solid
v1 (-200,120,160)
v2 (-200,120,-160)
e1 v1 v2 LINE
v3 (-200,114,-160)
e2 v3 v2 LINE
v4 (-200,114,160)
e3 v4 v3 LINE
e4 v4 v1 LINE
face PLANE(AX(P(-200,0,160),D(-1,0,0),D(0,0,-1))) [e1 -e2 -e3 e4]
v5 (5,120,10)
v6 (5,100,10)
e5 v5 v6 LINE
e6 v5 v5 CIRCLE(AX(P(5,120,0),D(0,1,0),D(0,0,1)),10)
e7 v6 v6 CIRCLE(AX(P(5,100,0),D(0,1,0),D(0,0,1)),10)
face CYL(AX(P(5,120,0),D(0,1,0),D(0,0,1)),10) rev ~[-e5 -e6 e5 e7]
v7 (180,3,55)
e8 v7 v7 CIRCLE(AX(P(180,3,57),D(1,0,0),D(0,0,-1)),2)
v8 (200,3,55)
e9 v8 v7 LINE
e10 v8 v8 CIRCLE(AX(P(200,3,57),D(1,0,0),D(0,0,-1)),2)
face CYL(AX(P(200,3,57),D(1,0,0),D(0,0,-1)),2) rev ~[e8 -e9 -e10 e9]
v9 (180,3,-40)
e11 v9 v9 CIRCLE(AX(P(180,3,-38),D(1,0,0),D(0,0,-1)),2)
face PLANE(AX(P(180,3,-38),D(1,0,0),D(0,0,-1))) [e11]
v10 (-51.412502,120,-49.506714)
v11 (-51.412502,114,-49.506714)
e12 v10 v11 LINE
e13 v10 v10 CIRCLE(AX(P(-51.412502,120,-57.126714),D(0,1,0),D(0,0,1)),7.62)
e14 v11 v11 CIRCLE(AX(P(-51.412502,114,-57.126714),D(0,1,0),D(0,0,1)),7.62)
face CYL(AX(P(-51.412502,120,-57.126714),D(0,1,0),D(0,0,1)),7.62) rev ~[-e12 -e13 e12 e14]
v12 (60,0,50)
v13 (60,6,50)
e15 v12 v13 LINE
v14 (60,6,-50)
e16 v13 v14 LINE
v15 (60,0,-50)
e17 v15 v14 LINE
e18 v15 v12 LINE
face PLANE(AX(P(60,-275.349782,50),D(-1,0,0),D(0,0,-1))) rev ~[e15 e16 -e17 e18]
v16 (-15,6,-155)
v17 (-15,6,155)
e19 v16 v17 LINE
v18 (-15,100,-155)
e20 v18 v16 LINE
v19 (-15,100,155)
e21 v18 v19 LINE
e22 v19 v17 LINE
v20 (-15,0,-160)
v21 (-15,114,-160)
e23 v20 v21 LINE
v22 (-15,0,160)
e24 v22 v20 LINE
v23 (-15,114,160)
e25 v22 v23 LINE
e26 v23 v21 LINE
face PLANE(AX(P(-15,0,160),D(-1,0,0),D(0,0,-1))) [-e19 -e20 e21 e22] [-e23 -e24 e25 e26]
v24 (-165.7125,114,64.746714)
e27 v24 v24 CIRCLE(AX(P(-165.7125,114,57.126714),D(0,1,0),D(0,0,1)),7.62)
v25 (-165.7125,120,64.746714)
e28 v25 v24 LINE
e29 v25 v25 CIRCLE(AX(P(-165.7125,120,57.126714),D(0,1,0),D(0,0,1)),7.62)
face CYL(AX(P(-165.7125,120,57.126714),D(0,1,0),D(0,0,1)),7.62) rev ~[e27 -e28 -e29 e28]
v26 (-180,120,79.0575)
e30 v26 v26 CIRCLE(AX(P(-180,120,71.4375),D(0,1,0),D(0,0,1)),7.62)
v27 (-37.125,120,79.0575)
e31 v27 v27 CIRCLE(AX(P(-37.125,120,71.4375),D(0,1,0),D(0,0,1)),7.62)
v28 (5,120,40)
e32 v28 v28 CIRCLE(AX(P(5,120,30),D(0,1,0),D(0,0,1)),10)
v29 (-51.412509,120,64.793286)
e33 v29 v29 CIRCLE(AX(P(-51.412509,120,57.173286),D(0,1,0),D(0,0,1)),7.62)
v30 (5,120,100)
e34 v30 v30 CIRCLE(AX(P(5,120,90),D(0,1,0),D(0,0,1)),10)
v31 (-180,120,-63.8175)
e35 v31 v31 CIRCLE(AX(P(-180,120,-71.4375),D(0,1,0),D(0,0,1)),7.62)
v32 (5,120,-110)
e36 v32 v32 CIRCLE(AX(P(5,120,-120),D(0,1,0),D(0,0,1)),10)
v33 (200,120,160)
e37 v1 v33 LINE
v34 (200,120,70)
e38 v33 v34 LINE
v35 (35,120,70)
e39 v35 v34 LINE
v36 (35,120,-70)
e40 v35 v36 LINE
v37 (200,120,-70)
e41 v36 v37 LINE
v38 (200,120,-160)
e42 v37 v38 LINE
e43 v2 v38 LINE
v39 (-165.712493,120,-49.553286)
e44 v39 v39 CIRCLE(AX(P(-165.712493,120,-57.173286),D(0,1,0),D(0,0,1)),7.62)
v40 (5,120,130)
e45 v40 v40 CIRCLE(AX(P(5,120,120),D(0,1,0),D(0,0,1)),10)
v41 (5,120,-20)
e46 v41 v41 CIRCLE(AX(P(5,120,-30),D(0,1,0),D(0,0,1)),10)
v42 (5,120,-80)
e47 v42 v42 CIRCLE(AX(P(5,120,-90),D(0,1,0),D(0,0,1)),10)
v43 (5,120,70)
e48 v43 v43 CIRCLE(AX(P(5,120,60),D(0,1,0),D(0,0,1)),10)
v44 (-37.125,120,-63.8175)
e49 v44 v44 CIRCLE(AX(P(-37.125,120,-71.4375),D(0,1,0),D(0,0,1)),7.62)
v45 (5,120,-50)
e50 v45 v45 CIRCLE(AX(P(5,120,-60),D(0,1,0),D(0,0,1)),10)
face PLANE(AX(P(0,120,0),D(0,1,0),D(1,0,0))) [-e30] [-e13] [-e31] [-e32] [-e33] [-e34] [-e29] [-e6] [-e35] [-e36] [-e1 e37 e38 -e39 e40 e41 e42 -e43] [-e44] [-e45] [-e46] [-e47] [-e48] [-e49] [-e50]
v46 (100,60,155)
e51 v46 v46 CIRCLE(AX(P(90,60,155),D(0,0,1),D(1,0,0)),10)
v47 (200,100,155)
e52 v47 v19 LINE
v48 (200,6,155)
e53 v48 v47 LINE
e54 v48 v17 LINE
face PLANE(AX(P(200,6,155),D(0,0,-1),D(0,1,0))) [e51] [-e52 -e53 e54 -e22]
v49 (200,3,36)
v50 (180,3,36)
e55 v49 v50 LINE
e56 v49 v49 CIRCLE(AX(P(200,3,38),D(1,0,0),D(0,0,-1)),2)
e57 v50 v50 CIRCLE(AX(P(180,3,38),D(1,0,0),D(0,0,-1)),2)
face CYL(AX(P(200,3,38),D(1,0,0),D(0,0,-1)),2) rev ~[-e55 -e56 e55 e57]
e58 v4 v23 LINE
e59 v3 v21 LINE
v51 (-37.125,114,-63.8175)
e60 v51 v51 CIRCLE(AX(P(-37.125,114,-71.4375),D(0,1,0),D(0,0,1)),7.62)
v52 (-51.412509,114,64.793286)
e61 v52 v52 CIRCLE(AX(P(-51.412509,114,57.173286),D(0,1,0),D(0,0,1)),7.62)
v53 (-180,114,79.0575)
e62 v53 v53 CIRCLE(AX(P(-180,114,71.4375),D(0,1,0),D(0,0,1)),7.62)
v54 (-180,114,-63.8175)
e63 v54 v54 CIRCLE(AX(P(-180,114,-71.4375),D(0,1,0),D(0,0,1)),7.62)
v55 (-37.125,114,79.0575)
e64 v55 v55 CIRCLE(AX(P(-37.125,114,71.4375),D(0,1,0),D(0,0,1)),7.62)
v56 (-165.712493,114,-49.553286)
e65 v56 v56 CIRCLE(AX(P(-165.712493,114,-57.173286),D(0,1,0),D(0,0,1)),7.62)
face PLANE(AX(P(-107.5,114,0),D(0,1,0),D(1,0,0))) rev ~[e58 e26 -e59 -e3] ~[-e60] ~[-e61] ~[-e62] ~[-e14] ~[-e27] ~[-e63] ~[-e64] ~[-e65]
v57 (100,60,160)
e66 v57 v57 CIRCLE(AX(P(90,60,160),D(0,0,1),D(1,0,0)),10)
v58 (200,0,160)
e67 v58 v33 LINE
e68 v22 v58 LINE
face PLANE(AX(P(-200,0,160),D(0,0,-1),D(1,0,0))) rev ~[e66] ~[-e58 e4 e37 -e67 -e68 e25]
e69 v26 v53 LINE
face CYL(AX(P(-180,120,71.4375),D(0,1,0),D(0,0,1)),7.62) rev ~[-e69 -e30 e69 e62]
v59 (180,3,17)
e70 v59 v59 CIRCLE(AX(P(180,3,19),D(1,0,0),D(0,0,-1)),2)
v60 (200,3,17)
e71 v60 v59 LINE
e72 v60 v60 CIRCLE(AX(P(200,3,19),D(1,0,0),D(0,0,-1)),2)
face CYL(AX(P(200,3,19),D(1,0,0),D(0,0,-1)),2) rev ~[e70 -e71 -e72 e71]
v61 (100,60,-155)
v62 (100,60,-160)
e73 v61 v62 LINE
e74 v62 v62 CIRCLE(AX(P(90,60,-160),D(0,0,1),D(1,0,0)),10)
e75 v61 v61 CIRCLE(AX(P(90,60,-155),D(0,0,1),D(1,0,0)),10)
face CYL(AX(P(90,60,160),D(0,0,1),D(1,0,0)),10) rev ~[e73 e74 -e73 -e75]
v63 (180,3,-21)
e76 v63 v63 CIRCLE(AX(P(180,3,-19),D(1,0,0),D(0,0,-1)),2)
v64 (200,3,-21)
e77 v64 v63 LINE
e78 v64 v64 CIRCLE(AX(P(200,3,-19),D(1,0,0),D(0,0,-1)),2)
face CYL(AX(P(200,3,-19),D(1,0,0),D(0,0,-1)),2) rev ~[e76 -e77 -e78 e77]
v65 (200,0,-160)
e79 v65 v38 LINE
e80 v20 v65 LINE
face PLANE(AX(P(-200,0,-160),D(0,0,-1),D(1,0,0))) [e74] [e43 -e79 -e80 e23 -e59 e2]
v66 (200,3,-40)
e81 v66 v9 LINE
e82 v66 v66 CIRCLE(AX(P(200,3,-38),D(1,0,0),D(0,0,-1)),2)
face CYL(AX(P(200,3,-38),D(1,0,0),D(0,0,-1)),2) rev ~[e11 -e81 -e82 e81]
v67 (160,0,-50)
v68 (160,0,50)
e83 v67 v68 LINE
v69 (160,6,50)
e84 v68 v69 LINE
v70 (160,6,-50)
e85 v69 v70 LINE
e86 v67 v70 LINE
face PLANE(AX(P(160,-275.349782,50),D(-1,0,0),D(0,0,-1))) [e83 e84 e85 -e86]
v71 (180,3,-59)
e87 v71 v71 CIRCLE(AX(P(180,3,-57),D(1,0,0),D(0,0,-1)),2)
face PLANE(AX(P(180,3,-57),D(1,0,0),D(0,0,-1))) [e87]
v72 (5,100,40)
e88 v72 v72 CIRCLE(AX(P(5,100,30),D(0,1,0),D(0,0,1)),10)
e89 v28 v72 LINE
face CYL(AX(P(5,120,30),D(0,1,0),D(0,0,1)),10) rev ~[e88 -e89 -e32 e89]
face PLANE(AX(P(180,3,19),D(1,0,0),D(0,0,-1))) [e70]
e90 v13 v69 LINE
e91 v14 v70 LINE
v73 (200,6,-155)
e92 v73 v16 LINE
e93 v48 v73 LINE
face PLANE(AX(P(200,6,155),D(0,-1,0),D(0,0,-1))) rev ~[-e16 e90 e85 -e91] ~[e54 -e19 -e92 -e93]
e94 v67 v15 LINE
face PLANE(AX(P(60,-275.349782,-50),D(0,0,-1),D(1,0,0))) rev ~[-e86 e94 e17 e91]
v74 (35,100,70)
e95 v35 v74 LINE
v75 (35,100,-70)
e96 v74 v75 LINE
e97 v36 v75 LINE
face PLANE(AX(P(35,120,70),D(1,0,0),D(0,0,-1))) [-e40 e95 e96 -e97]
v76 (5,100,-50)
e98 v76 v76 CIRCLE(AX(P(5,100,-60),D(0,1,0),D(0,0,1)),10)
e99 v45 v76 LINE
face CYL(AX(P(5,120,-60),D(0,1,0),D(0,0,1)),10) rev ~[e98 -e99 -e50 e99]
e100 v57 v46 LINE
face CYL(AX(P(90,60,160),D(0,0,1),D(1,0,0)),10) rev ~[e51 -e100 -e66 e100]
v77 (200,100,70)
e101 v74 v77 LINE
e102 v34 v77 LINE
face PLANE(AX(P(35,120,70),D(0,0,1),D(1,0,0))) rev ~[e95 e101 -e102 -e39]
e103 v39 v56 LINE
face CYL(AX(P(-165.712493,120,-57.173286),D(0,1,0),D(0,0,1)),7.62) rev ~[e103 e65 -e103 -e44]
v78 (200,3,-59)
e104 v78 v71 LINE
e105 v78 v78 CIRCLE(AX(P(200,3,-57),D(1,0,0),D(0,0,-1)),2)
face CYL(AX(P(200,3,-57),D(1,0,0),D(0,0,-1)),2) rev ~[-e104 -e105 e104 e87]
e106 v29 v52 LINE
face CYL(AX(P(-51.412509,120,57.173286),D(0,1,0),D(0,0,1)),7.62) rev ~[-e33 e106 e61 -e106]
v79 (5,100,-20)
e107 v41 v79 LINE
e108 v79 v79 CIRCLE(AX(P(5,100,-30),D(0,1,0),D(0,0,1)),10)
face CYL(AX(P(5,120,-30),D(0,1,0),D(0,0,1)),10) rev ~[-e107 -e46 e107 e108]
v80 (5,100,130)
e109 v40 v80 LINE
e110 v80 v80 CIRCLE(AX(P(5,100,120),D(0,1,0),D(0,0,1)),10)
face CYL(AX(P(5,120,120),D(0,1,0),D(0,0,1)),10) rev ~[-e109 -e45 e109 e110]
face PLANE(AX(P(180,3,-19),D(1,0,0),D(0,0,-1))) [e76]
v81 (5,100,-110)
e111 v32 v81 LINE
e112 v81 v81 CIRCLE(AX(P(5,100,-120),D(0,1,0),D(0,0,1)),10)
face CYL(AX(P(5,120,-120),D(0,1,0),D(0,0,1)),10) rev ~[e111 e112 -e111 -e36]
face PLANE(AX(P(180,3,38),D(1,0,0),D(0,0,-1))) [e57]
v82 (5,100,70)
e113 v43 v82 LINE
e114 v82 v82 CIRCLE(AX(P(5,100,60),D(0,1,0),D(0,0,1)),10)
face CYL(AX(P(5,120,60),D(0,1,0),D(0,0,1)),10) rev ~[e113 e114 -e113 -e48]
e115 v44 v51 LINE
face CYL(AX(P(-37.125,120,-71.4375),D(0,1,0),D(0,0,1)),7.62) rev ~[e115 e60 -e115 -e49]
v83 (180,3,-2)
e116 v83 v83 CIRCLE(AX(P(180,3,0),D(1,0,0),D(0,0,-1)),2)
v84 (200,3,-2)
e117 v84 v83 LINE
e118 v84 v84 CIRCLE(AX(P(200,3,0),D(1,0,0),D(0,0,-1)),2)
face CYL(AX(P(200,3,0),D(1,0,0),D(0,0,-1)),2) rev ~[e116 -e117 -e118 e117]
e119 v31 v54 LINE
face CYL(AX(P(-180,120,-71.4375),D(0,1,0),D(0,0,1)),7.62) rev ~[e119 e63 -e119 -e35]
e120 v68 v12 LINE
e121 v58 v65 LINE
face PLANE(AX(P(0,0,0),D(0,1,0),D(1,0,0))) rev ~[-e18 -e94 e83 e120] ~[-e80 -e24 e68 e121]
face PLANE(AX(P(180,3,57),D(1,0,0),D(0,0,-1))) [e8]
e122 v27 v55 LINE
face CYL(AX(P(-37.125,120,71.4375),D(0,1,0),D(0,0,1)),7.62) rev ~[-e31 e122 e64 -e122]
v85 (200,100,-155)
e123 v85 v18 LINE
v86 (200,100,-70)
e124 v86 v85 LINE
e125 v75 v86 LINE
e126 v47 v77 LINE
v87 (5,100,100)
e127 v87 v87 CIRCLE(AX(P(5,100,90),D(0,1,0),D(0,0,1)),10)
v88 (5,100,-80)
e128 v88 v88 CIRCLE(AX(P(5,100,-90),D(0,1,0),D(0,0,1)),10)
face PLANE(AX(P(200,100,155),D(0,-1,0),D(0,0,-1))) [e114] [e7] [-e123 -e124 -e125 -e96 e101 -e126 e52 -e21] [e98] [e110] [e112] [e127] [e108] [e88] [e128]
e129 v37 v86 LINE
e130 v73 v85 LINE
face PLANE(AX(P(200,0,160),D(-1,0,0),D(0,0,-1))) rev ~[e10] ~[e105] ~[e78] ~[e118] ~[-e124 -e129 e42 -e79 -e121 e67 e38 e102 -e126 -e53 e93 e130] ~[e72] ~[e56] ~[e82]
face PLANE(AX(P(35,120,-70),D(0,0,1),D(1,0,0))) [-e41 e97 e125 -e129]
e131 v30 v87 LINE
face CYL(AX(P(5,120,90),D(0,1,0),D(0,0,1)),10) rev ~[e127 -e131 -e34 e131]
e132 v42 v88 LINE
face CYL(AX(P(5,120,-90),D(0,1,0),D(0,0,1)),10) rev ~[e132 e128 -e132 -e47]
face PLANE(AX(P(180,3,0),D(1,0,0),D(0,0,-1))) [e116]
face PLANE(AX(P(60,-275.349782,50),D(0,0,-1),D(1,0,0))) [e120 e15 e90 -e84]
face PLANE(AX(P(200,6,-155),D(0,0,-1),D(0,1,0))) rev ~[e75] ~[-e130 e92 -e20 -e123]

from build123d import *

# Parameters (mm, degrees)
SKETCH_1_W                = 400
SKETCH_1_H                = 320
EXTRUDE_7_DEPTH           = 120
SKETCH_6_R                = 7.620000001
SKETCH_6_R_2              = 7.62
CUT_EXTRUDE_3_DEPTH       = 283.842712475
CUT_EXTRUDE_START         = -120
SKETCH_7_W                = 185
SKETCH_7_H                = 320
CUT_EXTRUDE_4_DEPTH       = 114
SKETCH_8_W                = 310
SKETCH_8_H                = 94
CUT_EXTRUDE_5_DEPTH       = 448.2135955
SKETCH_10_R               = 10
CUT_EXTRUDE_7_DEPTH       = 396.979797464
CUT_EXTRUDE_8_REACH       = 284.843
SKETCH_12_R               = 10
SKETCH_13_R               = 2
CUT_EXTRUDE_9_DEPTH       = 20
CUT_EXTRUDE_12_DEPTH      = 281.349781523
CUT_EXTRUDE_12_DEPTH_BACK = 281.349781523
SKETCH_14_W               = 100
SKETCH_14_H               = 100
CUT_EXTRUDE_13_REACH      = 284.843
SKETCH_15_W               = 165
SKETCH_15_H               = 140


with BuildPart() as part:
    # 草图1 → 凸台-拉伸7 (new body)
    with BuildSketch(Plane(origin=(0, 0, 0), x_dir=(1, 0, 0), z_dir=(0, 1, 0))):
        Rectangle(SKETCH_1_W, SKETCH_1_H)
    extrude(amount=EXTRUDE_7_DEPTH)

    # 草图6 → 切除-拉伸3 (cut, through all)
    with BuildSketch(Plane(origin=(0, 120, 0), x_dir=(1, 0, 0), z_dir=(0, 1, 0))):
        with Locations(Location((-180, -71.4375, 0), (0, 0, 270))):
            Circle(SKETCH_6_R)
        with Locations(Location((-165.712492884, 57.173286175, 0), (0, 0, 270))):
            Circle(SKETCH_6_R_2)
        with Locations(Location((-165.7125, -57.126713825, 0), (0, 0, 270))):
            Circle(SKETCH_6_R_2)
        with Locations(Location((-180, 71.4375, 0), (0, 0, 270))):
            Circle(SKETCH_6_R_2)
        with Locations(Location((-37.125, 71.4375, 0), (0, 0, 270))):
            Circle(SKETCH_6_R_2)
        with Locations(Location((-51.412502372, 57.126713825, 0), (0, 0, 270))):
            Circle(SKETCH_6_R_2)
        with Locations(Location((-51.412509488, -57.173286175, 0), (0, 0, 270))):
            Circle(SKETCH_6_R_2)
        with Locations(Location((-37.125, -71.4375, 0), (0, 0, 270))):
            Circle(SKETCH_6_R_2)
    extrude(amount=-CUT_EXTRUDE_3_DEPTH, mode=Mode.SUBTRACT)

    # 草图7 → 切除-拉伸4 (cut)
    with BuildSketch(Plane(origin=(0, 120, 0), x_dir=(1, 0, 0), z_dir=(0, 1, 0)).offset(CUT_EXTRUDE_START)):
        with Locations((-107.5, 0)):
            Rectangle(SKETCH_7_W, SKETCH_7_H)
    extrude(amount=CUT_EXTRUDE_4_DEPTH, mode=Mode.SUBTRACT)

    # 草图8 → 切除-拉伸5 (cut, through all)
    with BuildSketch(Plane(origin=(200, 0, 0), x_dir=(0, 0, -1), z_dir=(1, 0, 0))):
        with Locations((0, 53)):
            Rectangle(SKETCH_8_W, SKETCH_8_H)
    extrude(amount=-CUT_EXTRUDE_5_DEPTH, mode=Mode.SUBTRACT)

    # 草图10 → 切除-拉伸7 (cut, through all)
    with BuildSketch(Plane.XY.offset(160)):
        with Locations((90, 60)):
            Circle(SKETCH_10_R)
    extrude(amount=-CUT_EXTRUDE_7_DEPTH, mode=Mode.SUBTRACT)

    # 草图12 → 切除-拉伸8 (cut, up to next)
    with BuildSketch(Plane(origin=(0, 120, 0), x_dir=(1, 0, 0), z_dir=(0, 1, 0)), mode=Mode.PRIVATE) as cut_extrude_8_sk1:
        with Locations(Location((5, 90, 0), (0, 0, 270))):
            Circle(SKETCH_12_R)
    cut_extrude_8_tool1 = extrude(cut_extrude_8_sk1.sketch, amount=-CUT_EXTRUDE_8_REACH, mode=Mode.PRIVATE) & part.part
    # 草图12 → 切除-拉伸8 (cut, up to next)
    with BuildSketch(Plane(origin=(0, 120, 0), x_dir=(1, 0, 0), z_dir=(0, 1, 0)), mode=Mode.PRIVATE) as cut_extrude_8_sk2:
        with Locations(Location((5, 0, 0), (0, 0, 270))):
            Circle(SKETCH_12_R)
    cut_extrude_8_tool2 = extrude(cut_extrude_8_sk2.sketch, amount=-CUT_EXTRUDE_8_REACH, mode=Mode.PRIVATE) & part.part
    # 草图12 → 切除-拉伸8 (cut, up to next)
    with BuildSketch(Plane(origin=(0, 120, 0), x_dir=(1, 0, 0), z_dir=(0, 1, 0)), mode=Mode.PRIVATE) as cut_extrude_8_sk3:
        with Locations(Location((5, 30, 0), (0, 0, 270))):
            Circle(SKETCH_12_R)
    cut_extrude_8_tool3 = extrude(cut_extrude_8_sk3.sketch, amount=-CUT_EXTRUDE_8_REACH, mode=Mode.PRIVATE) & part.part
    # 草图12 → 切除-拉伸8 (cut, up to next)
    with BuildSketch(Plane(origin=(0, 120, 0), x_dir=(1, 0, 0), z_dir=(0, 1, 0)), mode=Mode.PRIVATE) as cut_extrude_8_sk4:
        with Locations(Location((5, 60, 0), (0, 0, 270))):
            Circle(SKETCH_12_R)
    cut_extrude_8_tool4 = extrude(cut_extrude_8_sk4.sketch, amount=-CUT_EXTRUDE_8_REACH, mode=Mode.PRIVATE) & part.part
    # 草图12 → 切除-拉伸8 (cut, up to next)
    with BuildSketch(Plane(origin=(0, 120, 0), x_dir=(1, 0, 0), z_dir=(0, 1, 0)), mode=Mode.PRIVATE) as cut_extrude_8_sk5:
        with Locations(Location((5, -30, 0), (0, 0, 270))):
            Circle(SKETCH_12_R)
    cut_extrude_8_tool5 = extrude(cut_extrude_8_sk5.sketch, amount=-CUT_EXTRUDE_8_REACH, mode=Mode.PRIVATE) & part.part
    # 草图12 → 切除-拉伸8 (cut, up to next)
    with BuildSketch(Plane(origin=(0, 120, 0), x_dir=(1, 0, 0), z_dir=(0, 1, 0)), mode=Mode.PRIVATE) as cut_extrude_8_sk6:
        with Locations(Location((5, -60, 0), (0, 0, 270))):
            Circle(SKETCH_12_R)
    cut_extrude_8_tool6 = extrude(cut_extrude_8_sk6.sketch, amount=-CUT_EXTRUDE_8_REACH, mode=Mode.PRIVATE) & part.part
    # 草图12 → 切除-拉伸8 (cut, up to next)
    with BuildSketch(Plane(origin=(0, 120, 0), x_dir=(1, 0, 0), z_dir=(0, 1, 0)), mode=Mode.PRIVATE) as cut_extrude_8_sk7:
        with Locations(Location((5, -90, 0), (0, 0, 270))):
            Circle(SKETCH_12_R)
    cut_extrude_8_tool7 = extrude(cut_extrude_8_sk7.sketch, amount=-CUT_EXTRUDE_8_REACH, mode=Mode.PRIVATE) & part.part
    # 草图12 → 切除-拉伸8 (cut, up to next)
    with BuildSketch(Plane(origin=(0, 120, 0), x_dir=(1, 0, 0), z_dir=(0, 1, 0)), mode=Mode.PRIVATE) as cut_extrude_8_sk8:
        with Locations(Location((5, 120, 0), (0, 0, 270))):
            Circle(SKETCH_12_R)
    cut_extrude_8_tool8 = extrude(cut_extrude_8_sk8.sketch, amount=-CUT_EXTRUDE_8_REACH, mode=Mode.PRIVATE) & part.part
    # 草图12 → 切除-拉伸8 (cut, up to next)
    with BuildSketch(Plane(origin=(0, 120, 0), x_dir=(1, 0, 0), z_dir=(0, 1, 0)), mode=Mode.PRIVATE) as cut_extrude_8_sk9:
        with Locations(Location((5, -120, 0), (0, 0, 270))):
            Circle(SKETCH_12_R)
    cut_extrude_8_tool9 = extrude(cut_extrude_8_sk9.sketch, amount=-CUT_EXTRUDE_8_REACH, mode=Mode.PRIVATE) & part.part
    add(cut_extrude_8_tool1.solids().sort_by_distance((5, 120, -90))[0], mode=Mode.SUBTRACT)
    add(cut_extrude_8_tool2.solids().sort_by_distance((5, 120, 0))[0], mode=Mode.SUBTRACT)
    add(cut_extrude_8_tool3.solids().sort_by_distance((5, 120, -30))[0], mode=Mode.SUBTRACT)
    add(cut_extrude_8_tool4.solids().sort_by_distance((5, 120, -60))[0], mode=Mode.SUBTRACT)
    add(cut_extrude_8_tool5.solids().sort_by_distance((5, 120, 30))[0], mode=Mode.SUBTRACT)
    add(cut_extrude_8_tool6.solids().sort_by_distance((5, 120, 60))[0], mode=Mode.SUBTRACT)
    add(cut_extrude_8_tool7.solids().sort_by_distance((5, 120, 90))[0], mode=Mode.SUBTRACT)
    add(cut_extrude_8_tool8.solids().sort_by_distance((5, 120, -120))[0], mode=Mode.SUBTRACT)
    add(cut_extrude_8_tool9.solids().sort_by_distance((5, 120, 120))[0], mode=Mode.SUBTRACT)

    # 草图13 → 切除-拉伸9 (cut)
    with BuildSketch(Plane(origin=(200, 0, 0), x_dir=(0, 0, -1), z_dir=(1, 0, 0))):
        with Locations((0, 3)):
            Circle(SKETCH_13_R)
        with Locations((19, 3)):
            Circle(SKETCH_13_R)
        with Locations((38, 3)):
            Circle(SKETCH_13_R)
        with Locations((57, 3)):
            Circle(SKETCH_13_R)
        with Locations((-57, 3)):
            Circle(SKETCH_13_R)
        with Locations((-38, 3)):
            Circle(SKETCH_13_R)
        with Locations((-19, 3)):
            Circle(SKETCH_13_R)
    extrude(amount=-CUT_EXTRUDE_9_DEPTH, mode=Mode.SUBTRACT)

    # 草图14 → 切除-拉伸12 (cut, two sides: drawn at the far end of the back side and taken through both)
    with BuildSketch(Plane(origin=(0, 6, 0), x_dir=(1, 0, 0), z_dir=(0, 1, 0)).offset(-CUT_EXTRUDE_12_DEPTH_BACK)):
        with Locations((110, 0)):
            Rectangle(SKETCH_14_W, SKETCH_14_H)
    extrude(amount=CUT_EXTRUDE_12_DEPTH + CUT_EXTRUDE_12_DEPTH_BACK, mode=Mode.SUBTRACT)

    # 草图15 → 切除-拉伸13 (cut, up to next)
    with BuildSketch(Plane(origin=(0, 120, 0), x_dir=(1, 0, 0), z_dir=(0, 1, 0)), mode=Mode.PRIVATE) as cut_extrude_13_sk1:
        with Locations((117.5, 0)):
            Rectangle(SKETCH_15_W, SKETCH_15_H)
    cut_extrude_13_tool1 = extrude(cut_extrude_13_sk1.sketch, amount=-CUT_EXTRUDE_13_REACH, mode=Mode.PRIVATE) & part.part
    add(cut_extrude_13_tool1.solids().sort_by_distance((117.5, 120, 0))[0], mode=Mode.SUBTRACT)


solid = part.part
